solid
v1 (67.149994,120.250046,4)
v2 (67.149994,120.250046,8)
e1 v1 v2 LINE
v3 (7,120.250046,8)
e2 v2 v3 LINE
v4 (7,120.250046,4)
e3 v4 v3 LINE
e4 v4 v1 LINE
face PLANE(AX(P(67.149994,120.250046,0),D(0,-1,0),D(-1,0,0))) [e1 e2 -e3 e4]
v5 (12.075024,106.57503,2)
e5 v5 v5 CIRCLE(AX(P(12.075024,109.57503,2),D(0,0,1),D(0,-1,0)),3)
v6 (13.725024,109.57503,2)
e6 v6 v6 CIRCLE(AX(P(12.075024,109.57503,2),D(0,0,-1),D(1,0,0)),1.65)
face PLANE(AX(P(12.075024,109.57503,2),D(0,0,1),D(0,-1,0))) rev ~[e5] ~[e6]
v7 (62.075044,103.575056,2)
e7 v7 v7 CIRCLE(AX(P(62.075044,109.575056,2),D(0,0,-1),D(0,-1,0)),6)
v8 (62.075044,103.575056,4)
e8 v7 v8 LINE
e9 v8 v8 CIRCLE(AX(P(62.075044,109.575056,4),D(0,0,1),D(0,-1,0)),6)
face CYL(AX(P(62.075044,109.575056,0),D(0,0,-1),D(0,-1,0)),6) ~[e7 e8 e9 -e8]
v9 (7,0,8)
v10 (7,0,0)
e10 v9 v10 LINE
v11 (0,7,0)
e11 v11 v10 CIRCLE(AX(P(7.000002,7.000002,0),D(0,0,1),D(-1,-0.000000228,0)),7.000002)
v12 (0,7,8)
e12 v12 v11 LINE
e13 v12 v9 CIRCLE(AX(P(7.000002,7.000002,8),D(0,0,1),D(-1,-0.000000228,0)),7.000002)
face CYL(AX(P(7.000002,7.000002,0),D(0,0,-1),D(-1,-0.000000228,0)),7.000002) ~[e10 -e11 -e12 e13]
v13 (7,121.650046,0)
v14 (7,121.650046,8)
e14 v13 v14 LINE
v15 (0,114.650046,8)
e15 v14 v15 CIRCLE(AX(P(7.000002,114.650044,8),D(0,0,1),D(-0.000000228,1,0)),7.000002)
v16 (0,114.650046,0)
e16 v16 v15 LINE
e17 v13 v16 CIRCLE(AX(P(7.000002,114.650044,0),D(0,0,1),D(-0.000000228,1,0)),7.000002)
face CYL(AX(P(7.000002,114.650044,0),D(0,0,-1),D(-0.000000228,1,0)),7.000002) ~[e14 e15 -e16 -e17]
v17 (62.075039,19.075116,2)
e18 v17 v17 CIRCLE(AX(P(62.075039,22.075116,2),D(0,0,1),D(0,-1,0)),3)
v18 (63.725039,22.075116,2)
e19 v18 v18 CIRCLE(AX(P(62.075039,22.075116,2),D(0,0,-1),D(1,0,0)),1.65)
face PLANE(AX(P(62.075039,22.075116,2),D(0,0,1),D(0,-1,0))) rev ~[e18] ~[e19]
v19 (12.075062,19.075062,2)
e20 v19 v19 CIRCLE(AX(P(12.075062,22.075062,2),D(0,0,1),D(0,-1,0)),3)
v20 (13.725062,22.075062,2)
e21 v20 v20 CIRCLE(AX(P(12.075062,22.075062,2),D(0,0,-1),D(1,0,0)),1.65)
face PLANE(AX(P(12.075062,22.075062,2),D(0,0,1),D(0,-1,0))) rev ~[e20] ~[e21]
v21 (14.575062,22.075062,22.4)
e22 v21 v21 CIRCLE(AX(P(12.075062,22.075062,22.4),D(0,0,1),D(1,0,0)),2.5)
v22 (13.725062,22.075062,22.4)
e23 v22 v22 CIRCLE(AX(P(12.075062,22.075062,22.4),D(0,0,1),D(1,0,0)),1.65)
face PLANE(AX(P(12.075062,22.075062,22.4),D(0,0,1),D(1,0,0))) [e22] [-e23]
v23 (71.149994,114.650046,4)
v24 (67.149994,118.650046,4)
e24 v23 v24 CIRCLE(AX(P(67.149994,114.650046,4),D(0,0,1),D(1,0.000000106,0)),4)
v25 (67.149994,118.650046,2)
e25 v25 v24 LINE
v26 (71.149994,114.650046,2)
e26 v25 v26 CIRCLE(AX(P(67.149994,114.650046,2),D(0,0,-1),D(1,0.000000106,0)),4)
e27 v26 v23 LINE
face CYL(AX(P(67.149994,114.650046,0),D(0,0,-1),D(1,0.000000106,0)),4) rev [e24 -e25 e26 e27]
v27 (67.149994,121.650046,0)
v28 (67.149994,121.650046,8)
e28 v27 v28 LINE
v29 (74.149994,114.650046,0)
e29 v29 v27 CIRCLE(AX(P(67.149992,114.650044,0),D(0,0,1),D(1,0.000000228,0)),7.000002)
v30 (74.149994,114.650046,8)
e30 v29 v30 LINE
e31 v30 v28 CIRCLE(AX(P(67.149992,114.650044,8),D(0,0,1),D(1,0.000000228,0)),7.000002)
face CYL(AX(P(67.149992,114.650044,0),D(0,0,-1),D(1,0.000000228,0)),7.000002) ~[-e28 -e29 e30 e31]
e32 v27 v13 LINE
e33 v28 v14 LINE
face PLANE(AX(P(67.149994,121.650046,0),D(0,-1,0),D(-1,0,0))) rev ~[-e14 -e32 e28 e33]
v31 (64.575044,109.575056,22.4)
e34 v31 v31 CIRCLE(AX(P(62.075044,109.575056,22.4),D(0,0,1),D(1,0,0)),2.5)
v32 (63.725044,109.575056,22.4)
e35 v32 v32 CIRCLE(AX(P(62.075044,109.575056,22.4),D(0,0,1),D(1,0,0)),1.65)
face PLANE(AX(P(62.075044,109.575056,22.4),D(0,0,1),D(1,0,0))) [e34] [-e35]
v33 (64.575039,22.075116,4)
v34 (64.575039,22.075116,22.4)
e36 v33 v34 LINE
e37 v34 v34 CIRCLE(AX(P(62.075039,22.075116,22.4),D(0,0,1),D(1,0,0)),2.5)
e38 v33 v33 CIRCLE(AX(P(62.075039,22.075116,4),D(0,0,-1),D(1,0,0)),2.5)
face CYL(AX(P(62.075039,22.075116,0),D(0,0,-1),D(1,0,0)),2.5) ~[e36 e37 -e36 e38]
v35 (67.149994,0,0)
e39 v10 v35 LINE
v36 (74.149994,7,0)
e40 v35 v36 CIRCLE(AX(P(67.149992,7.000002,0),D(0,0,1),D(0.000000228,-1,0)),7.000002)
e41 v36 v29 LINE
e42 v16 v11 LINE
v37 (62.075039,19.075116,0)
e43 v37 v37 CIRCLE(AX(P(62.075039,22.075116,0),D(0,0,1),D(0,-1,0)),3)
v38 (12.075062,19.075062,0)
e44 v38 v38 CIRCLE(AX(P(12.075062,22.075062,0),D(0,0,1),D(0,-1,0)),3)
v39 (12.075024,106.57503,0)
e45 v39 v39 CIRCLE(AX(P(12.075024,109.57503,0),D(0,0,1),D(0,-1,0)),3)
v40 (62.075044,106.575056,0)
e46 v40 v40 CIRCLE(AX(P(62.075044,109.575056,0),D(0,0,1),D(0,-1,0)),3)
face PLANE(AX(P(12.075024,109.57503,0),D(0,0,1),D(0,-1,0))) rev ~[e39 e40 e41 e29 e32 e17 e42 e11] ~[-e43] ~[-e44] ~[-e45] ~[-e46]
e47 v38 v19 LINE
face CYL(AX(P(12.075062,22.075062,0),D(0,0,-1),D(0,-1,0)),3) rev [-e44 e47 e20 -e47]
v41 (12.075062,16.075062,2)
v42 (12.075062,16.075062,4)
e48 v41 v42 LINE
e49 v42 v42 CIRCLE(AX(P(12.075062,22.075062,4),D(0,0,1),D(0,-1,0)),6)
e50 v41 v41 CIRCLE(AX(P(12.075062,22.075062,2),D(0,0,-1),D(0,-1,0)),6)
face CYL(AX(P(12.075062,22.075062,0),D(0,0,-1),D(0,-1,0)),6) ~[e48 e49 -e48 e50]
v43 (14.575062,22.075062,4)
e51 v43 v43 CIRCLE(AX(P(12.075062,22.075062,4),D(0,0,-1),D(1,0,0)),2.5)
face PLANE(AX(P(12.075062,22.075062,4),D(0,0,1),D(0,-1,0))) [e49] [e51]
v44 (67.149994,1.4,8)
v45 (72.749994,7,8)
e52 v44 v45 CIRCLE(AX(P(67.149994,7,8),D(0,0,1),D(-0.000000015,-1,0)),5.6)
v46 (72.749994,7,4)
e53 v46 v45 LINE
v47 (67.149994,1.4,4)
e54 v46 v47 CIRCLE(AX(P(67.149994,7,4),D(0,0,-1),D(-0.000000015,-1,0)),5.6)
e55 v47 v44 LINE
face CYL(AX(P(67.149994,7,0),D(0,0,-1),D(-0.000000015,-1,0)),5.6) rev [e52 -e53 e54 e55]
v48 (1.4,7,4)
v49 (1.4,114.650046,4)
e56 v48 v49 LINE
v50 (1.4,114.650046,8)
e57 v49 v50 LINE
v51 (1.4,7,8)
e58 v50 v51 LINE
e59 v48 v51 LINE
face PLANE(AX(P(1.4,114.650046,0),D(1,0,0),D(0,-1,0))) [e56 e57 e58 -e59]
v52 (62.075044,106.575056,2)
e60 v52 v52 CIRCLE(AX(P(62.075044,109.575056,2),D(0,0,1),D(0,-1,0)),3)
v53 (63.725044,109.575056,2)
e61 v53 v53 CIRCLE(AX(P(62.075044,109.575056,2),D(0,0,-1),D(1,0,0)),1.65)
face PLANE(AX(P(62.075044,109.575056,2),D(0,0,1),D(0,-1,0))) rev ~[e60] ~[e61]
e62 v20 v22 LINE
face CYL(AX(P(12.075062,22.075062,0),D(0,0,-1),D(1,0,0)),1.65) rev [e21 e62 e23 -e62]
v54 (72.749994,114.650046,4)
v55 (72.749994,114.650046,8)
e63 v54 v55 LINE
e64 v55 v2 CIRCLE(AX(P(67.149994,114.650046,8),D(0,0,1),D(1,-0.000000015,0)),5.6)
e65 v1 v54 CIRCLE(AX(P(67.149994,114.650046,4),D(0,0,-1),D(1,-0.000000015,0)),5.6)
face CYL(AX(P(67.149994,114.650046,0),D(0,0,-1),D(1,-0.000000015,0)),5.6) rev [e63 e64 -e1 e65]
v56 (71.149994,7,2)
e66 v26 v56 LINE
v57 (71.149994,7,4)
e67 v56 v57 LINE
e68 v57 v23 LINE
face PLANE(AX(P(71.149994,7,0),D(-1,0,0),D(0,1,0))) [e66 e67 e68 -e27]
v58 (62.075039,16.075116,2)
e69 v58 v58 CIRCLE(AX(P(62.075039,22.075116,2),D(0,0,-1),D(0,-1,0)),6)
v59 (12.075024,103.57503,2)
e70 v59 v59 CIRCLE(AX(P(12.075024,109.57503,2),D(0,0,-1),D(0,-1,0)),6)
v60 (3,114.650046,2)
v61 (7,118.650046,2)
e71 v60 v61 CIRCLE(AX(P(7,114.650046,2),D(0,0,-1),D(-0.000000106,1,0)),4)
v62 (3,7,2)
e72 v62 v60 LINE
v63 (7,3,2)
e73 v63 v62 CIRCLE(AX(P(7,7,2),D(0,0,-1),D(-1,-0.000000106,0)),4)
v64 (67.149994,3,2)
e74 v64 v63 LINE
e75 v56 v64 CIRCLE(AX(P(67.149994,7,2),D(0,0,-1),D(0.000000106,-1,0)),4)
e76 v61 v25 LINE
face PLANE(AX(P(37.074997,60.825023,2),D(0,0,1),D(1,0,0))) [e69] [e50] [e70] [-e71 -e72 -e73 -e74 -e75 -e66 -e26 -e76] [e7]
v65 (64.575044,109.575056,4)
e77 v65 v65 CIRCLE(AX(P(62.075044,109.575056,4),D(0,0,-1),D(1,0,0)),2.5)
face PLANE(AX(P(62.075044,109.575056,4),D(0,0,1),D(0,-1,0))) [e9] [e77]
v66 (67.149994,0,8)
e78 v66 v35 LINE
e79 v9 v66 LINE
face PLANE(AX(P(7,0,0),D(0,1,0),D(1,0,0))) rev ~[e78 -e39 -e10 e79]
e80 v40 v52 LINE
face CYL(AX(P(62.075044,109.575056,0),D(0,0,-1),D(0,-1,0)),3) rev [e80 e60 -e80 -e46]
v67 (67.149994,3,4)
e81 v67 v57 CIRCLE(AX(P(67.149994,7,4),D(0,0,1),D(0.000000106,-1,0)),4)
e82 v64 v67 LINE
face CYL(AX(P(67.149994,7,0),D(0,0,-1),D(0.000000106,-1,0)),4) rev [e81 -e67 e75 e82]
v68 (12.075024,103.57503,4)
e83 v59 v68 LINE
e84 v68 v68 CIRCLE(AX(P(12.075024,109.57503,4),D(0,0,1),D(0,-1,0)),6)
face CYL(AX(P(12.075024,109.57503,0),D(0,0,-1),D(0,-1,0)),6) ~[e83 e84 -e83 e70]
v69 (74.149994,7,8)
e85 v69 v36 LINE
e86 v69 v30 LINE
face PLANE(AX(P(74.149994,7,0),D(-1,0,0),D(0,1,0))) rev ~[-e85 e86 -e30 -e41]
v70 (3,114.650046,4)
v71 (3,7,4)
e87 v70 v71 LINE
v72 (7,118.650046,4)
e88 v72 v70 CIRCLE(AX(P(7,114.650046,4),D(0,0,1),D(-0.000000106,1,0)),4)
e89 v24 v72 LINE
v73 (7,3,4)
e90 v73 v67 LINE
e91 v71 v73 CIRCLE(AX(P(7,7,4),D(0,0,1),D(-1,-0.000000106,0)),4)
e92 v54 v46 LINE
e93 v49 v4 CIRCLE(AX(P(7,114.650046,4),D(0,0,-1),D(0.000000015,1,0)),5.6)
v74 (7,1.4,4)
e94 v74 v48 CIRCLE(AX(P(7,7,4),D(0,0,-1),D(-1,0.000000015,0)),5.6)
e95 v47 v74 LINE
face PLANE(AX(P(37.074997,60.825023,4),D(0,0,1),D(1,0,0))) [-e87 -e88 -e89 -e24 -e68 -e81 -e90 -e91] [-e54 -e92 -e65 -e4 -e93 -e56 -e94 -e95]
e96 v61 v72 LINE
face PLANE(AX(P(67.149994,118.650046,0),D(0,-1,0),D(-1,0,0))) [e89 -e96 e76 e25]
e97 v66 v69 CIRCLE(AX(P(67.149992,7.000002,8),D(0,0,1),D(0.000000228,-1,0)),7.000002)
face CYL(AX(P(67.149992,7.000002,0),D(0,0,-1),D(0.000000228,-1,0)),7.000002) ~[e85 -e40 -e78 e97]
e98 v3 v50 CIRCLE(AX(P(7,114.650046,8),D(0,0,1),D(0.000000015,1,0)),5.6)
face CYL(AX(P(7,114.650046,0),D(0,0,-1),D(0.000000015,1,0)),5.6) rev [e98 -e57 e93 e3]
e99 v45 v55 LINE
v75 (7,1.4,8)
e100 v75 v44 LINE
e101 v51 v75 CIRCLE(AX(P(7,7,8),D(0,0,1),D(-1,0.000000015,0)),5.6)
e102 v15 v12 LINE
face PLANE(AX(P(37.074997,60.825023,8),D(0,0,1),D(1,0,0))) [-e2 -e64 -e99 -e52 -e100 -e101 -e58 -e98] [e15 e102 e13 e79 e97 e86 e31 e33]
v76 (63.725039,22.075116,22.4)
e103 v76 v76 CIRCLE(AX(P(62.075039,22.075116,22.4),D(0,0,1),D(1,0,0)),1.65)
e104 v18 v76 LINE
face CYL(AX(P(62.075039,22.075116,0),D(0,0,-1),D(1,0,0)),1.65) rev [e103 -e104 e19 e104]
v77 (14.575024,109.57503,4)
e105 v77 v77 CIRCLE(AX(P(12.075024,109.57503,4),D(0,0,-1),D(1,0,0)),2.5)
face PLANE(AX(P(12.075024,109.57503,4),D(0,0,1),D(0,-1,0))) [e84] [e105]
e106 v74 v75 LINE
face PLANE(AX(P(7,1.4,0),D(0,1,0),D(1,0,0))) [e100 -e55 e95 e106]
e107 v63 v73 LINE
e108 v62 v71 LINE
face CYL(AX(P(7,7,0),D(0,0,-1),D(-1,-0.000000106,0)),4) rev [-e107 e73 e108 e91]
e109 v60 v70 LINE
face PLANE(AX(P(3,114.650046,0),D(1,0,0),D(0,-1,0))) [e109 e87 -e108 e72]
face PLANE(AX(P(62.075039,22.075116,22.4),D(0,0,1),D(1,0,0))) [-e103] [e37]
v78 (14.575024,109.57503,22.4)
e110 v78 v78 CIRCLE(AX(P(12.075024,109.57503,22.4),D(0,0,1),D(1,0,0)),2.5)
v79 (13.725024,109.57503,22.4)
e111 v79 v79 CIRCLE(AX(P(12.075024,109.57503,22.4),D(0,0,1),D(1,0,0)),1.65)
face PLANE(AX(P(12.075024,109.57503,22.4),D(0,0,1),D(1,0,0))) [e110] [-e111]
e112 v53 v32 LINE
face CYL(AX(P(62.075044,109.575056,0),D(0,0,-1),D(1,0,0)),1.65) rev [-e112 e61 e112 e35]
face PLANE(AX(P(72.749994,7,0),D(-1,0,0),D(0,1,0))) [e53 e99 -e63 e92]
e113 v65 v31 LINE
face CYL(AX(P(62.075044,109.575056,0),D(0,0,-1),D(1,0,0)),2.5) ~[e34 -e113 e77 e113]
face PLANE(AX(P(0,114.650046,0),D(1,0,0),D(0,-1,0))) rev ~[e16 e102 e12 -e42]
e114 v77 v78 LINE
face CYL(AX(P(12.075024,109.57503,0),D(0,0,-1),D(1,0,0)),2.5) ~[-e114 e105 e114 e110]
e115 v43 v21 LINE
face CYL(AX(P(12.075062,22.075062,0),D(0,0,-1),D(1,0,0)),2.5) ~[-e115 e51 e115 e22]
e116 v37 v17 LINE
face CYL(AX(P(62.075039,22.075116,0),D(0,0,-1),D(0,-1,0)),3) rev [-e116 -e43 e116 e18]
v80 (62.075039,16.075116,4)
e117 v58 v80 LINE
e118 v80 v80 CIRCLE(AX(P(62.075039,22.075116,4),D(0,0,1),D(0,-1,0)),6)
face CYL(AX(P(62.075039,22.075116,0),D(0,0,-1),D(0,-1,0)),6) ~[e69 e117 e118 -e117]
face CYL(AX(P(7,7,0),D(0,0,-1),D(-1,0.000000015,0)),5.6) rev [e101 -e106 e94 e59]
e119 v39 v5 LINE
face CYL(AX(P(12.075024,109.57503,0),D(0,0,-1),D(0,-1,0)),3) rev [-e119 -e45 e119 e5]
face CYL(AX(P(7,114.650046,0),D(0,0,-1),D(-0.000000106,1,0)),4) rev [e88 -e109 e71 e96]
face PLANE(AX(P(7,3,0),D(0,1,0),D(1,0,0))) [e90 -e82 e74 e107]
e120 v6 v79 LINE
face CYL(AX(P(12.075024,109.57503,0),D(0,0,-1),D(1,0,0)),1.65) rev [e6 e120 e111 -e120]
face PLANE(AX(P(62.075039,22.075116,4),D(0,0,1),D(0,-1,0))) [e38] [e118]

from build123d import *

# Parameters (mm, degrees)
PAD_DEPTH         = 2
PAD001_DEPTH      = 4
PAD002_DEPTH      = 8
SKETCH002_R       = 2.5
PAD003_DEPTH      = 22.4
CYLINDER_R        = 6
CYLINDER_DEPTH    = 4
CYLINDER001_R     = 6
CYLINDER001_DEPTH = 4
CYLINDER002_R     = 6
CYLINDER002_DEPTH = 4
CYLINDER003_R     = 6
CYLINDER003_DEPTH = 4
CYLINDER004_R     = 3
CYLINDER004_DEPTH = 2
CYLINDER005_R     = 3
CYLINDER005_DEPTH = 2
CYLINDER006_R     = 3
CYLINDER006_DEPTH = 2
CYLINDER007_R     = 3
CYLINDER007_DEPTH = 2
SKETCH003_R       = 1.65
POCKET_DEPTH      = 22.4


with BuildPart() as part:
    # Sketch004 → Pad (new body)
    with BuildSketch(Plane.XY):
        with BuildLine():
            Line((74.149994, 7), (74.149994, 114.650046))
            ThreePointArc((74.149994, 114.650046), (72.099741, 119.599793), (67.149994, 121.650046))
            Line((67.149994, 121.650046), (7, 121.650046))
            ThreePointArc((7, 121.650046), (2.050253, 119.599793), (0, 114.650046))
            Line((0, 114.650046), (0, 7))
            ThreePointArc((0, 7), (2.050253, 2.050253), (7, 0))
            Line((7, 0), (67.149994, 0))
            ThreePointArc((67.149994, 0), (72.099741, 2.050253), (74.149994, 7))
        make_face()
    extrude(amount=PAD_DEPTH)

    # Sketch001 → Pad001 (join)
    with BuildSketch(Plane.XY):
        with BuildLine():
            Line((74.149994, 7), (74.149994, 114.650046))
            ThreePointArc((74.149994, 114.650046), (72.099741, 119.599793), (67.149994, 121.650046))
            Line((67.149994, 121.650046), (7, 121.650046))
            ThreePointArc((7, 121.650046), (2.050253, 119.599793), (0, 114.650046))
            Line((0, 114.650046), (0, 7))
            ThreePointArc((0, 7), (2.050253, 2.050253), (7, 0))
            Line((7, 0), (67.149994, 0))
            ThreePointArc((67.149994, 0), (72.099741, 2.050253), (74.149994, 7))
        make_face()
        with BuildLine():
            Line((7, 3), (67.149994, 3))
            ThreePointArc((67.149994, 3), (69.978421, 4.171573), (71.149994, 7))
            Line((71.149994, 7), (71.149994, 114.650046))
            ThreePointArc((71.149994, 114.650046), (69.978421, 117.478473), (67.149994, 118.650046))
            Line((67.149994, 118.650046), (7, 118.650046))
            ThreePointArc((7, 118.650046), (4.171573, 117.478473), (3, 114.650046))
            Line((3, 114.650046), (3, 7))
            ThreePointArc((3, 7), (4.171573, 4.171573), (7, 3))
        make_face(mode=Mode.SUBTRACT)
    extrude(amount=PAD001_DEPTH)

    # Sketch → Pad002 (join)
    with BuildSketch(Plane.XY):
        with BuildLine():
            Line((74.149994, 7), (74.149994, 114.650046))
            ThreePointArc((74.149994, 114.650046), (72.099741, 119.599793), (67.149994, 121.650046))
            Line((67.149994, 121.650046), (7, 121.650046))
            ThreePointArc((7, 121.650046), (2.050253, 119.599793), (0, 114.650046))
            Line((0, 114.650046), (0, 7))
            ThreePointArc((0, 7), (2.050253, 2.050253), (7, 0))
            Line((7, 0), (67.149994, 0))
            ThreePointArc((67.149994, 0), (72.099741, 2.050253), (74.149994, 7))
        make_face()
        with BuildLine():
            Line((7, 1.4), (67.149994, 1.4))
            ThreePointArc((67.149994, 1.4), (71.109792, 3.040202), (72.749994, 7))
            Line((72.749994, 7), (72.749994, 114.650046))
            ThreePointArc((72.749994, 114.650046), (71.109792, 118.609844), (67.149994, 120.250046))
            Line((67.149994, 120.250046), (7, 120.250046))
            ThreePointArc((7, 120.250046), (3.040202, 118.609844), (1.4, 114.650046))
            Line((1.4, 114.650046), (1.4, 7))
            ThreePointArc((1.4, 7), (3.040202, 3.040202), (7, 1.4))
        make_face(mode=Mode.SUBTRACT)
    extrude(amount=PAD002_DEPTH)

    # Sketch002 → Pad003 (join)
    with BuildSketch(Plane.XY):
        with Locations((12.075062, 22.075062)):
            Circle(SKETCH002_R)
        with Locations((12.075024, 109.57503)):
            Circle(SKETCH002_R)
        with Locations((62.075044, 109.575056)):
            Circle(SKETCH002_R)
        with Locations((62.075039, 22.075116)):
            Circle(SKETCH002_R)
    extrude(amount=PAD003_DEPTH)

    # Cylinder → Cylinder (join)
    with BuildSketch(Plane(origin=(12.075062, 22.075062, 0), x_dir=(0, -1, 0), z_dir=(0, 0, 1))):
        Circle(CYLINDER_R)
    extrude(amount=CYLINDER_DEPTH)

    # Cylinder001 → Cylinder001 (join)
    with BuildSketch(Plane(origin=(62.075039, 22.075116, 0), x_dir=(0, -1, 0), z_dir=(0, 0, 1))):
        Circle(CYLINDER001_R)
    extrude(amount=CYLINDER001_DEPTH)

    # Cylinder002 → Cylinder002 (join)
    with BuildSketch(Plane(origin=(62.075044, 109.575056, 0), x_dir=(0, -1, 0), z_dir=(0, 0, 1))):
        Circle(CYLINDER002_R)
    extrude(amount=CYLINDER002_DEPTH)

    # Cylinder003 → Cylinder003 (join)
    with BuildSketch(Plane(origin=(12.075024, 109.57503, 0), x_dir=(0, -1, 0), z_dir=(0, 0, 1))):
        Circle(CYLINDER003_R)
    extrude(amount=CYLINDER003_DEPTH)

    # Cylinder004 → Cylinder004 (cut)
    with BuildSketch(Plane(origin=(12.075062, 22.075062, 0), x_dir=(0, -1, 0), z_dir=(0, 0, 1))):
        Circle(CYLINDER004_R)
    extrude(amount=CYLINDER004_DEPTH, mode=Mode.SUBTRACT)

    # Cylinder005 → Cylinder005 (cut)
    with BuildSketch(Plane(origin=(62.075039, 22.075116, 0), x_dir=(0, -1, 0), z_dir=(0, 0, 1))):
        Circle(CYLINDER005_R)
    extrude(amount=CYLINDER005_DEPTH, mode=Mode.SUBTRACT)

    # Cylinder006 → Cylinder006 (cut)
    with BuildSketch(Plane(origin=(12.075024, 109.57503, 0), x_dir=(0, -1, 0), z_dir=(0, 0, 1))):
        Circle(CYLINDER006_R)
    extrude(amount=CYLINDER006_DEPTH, mode=Mode.SUBTRACT)

    # Cylinder007 → Cylinder007 (cut)
    with BuildSketch(Plane(origin=(62.075044, 109.575056, 0), x_dir=(0, -1, 0), z_dir=(0, 0, 1))):
        Circle(CYLINDER007_R)
    extrude(amount=CYLINDER007_DEPTH, mode=Mode.SUBTRACT)

    # Sketch003 → Pocket (cut)
    with BuildSketch(Plane.XY):
        with Locations((12.075062, 22.075062)):
            Circle(SKETCH003_R)
        with Locations((12.075024, 109.57503)):
            Circle(SKETCH003_R)
        with Locations((62.075044, 109.575056)):
            Circle(SKETCH003_R)
        with Locations((62.075039, 22.075116)):
            Circle(SKETCH003_R)
    extrude(amount=POCKET_DEPTH, mode=Mode.SUBTRACT)


solid = part.part
